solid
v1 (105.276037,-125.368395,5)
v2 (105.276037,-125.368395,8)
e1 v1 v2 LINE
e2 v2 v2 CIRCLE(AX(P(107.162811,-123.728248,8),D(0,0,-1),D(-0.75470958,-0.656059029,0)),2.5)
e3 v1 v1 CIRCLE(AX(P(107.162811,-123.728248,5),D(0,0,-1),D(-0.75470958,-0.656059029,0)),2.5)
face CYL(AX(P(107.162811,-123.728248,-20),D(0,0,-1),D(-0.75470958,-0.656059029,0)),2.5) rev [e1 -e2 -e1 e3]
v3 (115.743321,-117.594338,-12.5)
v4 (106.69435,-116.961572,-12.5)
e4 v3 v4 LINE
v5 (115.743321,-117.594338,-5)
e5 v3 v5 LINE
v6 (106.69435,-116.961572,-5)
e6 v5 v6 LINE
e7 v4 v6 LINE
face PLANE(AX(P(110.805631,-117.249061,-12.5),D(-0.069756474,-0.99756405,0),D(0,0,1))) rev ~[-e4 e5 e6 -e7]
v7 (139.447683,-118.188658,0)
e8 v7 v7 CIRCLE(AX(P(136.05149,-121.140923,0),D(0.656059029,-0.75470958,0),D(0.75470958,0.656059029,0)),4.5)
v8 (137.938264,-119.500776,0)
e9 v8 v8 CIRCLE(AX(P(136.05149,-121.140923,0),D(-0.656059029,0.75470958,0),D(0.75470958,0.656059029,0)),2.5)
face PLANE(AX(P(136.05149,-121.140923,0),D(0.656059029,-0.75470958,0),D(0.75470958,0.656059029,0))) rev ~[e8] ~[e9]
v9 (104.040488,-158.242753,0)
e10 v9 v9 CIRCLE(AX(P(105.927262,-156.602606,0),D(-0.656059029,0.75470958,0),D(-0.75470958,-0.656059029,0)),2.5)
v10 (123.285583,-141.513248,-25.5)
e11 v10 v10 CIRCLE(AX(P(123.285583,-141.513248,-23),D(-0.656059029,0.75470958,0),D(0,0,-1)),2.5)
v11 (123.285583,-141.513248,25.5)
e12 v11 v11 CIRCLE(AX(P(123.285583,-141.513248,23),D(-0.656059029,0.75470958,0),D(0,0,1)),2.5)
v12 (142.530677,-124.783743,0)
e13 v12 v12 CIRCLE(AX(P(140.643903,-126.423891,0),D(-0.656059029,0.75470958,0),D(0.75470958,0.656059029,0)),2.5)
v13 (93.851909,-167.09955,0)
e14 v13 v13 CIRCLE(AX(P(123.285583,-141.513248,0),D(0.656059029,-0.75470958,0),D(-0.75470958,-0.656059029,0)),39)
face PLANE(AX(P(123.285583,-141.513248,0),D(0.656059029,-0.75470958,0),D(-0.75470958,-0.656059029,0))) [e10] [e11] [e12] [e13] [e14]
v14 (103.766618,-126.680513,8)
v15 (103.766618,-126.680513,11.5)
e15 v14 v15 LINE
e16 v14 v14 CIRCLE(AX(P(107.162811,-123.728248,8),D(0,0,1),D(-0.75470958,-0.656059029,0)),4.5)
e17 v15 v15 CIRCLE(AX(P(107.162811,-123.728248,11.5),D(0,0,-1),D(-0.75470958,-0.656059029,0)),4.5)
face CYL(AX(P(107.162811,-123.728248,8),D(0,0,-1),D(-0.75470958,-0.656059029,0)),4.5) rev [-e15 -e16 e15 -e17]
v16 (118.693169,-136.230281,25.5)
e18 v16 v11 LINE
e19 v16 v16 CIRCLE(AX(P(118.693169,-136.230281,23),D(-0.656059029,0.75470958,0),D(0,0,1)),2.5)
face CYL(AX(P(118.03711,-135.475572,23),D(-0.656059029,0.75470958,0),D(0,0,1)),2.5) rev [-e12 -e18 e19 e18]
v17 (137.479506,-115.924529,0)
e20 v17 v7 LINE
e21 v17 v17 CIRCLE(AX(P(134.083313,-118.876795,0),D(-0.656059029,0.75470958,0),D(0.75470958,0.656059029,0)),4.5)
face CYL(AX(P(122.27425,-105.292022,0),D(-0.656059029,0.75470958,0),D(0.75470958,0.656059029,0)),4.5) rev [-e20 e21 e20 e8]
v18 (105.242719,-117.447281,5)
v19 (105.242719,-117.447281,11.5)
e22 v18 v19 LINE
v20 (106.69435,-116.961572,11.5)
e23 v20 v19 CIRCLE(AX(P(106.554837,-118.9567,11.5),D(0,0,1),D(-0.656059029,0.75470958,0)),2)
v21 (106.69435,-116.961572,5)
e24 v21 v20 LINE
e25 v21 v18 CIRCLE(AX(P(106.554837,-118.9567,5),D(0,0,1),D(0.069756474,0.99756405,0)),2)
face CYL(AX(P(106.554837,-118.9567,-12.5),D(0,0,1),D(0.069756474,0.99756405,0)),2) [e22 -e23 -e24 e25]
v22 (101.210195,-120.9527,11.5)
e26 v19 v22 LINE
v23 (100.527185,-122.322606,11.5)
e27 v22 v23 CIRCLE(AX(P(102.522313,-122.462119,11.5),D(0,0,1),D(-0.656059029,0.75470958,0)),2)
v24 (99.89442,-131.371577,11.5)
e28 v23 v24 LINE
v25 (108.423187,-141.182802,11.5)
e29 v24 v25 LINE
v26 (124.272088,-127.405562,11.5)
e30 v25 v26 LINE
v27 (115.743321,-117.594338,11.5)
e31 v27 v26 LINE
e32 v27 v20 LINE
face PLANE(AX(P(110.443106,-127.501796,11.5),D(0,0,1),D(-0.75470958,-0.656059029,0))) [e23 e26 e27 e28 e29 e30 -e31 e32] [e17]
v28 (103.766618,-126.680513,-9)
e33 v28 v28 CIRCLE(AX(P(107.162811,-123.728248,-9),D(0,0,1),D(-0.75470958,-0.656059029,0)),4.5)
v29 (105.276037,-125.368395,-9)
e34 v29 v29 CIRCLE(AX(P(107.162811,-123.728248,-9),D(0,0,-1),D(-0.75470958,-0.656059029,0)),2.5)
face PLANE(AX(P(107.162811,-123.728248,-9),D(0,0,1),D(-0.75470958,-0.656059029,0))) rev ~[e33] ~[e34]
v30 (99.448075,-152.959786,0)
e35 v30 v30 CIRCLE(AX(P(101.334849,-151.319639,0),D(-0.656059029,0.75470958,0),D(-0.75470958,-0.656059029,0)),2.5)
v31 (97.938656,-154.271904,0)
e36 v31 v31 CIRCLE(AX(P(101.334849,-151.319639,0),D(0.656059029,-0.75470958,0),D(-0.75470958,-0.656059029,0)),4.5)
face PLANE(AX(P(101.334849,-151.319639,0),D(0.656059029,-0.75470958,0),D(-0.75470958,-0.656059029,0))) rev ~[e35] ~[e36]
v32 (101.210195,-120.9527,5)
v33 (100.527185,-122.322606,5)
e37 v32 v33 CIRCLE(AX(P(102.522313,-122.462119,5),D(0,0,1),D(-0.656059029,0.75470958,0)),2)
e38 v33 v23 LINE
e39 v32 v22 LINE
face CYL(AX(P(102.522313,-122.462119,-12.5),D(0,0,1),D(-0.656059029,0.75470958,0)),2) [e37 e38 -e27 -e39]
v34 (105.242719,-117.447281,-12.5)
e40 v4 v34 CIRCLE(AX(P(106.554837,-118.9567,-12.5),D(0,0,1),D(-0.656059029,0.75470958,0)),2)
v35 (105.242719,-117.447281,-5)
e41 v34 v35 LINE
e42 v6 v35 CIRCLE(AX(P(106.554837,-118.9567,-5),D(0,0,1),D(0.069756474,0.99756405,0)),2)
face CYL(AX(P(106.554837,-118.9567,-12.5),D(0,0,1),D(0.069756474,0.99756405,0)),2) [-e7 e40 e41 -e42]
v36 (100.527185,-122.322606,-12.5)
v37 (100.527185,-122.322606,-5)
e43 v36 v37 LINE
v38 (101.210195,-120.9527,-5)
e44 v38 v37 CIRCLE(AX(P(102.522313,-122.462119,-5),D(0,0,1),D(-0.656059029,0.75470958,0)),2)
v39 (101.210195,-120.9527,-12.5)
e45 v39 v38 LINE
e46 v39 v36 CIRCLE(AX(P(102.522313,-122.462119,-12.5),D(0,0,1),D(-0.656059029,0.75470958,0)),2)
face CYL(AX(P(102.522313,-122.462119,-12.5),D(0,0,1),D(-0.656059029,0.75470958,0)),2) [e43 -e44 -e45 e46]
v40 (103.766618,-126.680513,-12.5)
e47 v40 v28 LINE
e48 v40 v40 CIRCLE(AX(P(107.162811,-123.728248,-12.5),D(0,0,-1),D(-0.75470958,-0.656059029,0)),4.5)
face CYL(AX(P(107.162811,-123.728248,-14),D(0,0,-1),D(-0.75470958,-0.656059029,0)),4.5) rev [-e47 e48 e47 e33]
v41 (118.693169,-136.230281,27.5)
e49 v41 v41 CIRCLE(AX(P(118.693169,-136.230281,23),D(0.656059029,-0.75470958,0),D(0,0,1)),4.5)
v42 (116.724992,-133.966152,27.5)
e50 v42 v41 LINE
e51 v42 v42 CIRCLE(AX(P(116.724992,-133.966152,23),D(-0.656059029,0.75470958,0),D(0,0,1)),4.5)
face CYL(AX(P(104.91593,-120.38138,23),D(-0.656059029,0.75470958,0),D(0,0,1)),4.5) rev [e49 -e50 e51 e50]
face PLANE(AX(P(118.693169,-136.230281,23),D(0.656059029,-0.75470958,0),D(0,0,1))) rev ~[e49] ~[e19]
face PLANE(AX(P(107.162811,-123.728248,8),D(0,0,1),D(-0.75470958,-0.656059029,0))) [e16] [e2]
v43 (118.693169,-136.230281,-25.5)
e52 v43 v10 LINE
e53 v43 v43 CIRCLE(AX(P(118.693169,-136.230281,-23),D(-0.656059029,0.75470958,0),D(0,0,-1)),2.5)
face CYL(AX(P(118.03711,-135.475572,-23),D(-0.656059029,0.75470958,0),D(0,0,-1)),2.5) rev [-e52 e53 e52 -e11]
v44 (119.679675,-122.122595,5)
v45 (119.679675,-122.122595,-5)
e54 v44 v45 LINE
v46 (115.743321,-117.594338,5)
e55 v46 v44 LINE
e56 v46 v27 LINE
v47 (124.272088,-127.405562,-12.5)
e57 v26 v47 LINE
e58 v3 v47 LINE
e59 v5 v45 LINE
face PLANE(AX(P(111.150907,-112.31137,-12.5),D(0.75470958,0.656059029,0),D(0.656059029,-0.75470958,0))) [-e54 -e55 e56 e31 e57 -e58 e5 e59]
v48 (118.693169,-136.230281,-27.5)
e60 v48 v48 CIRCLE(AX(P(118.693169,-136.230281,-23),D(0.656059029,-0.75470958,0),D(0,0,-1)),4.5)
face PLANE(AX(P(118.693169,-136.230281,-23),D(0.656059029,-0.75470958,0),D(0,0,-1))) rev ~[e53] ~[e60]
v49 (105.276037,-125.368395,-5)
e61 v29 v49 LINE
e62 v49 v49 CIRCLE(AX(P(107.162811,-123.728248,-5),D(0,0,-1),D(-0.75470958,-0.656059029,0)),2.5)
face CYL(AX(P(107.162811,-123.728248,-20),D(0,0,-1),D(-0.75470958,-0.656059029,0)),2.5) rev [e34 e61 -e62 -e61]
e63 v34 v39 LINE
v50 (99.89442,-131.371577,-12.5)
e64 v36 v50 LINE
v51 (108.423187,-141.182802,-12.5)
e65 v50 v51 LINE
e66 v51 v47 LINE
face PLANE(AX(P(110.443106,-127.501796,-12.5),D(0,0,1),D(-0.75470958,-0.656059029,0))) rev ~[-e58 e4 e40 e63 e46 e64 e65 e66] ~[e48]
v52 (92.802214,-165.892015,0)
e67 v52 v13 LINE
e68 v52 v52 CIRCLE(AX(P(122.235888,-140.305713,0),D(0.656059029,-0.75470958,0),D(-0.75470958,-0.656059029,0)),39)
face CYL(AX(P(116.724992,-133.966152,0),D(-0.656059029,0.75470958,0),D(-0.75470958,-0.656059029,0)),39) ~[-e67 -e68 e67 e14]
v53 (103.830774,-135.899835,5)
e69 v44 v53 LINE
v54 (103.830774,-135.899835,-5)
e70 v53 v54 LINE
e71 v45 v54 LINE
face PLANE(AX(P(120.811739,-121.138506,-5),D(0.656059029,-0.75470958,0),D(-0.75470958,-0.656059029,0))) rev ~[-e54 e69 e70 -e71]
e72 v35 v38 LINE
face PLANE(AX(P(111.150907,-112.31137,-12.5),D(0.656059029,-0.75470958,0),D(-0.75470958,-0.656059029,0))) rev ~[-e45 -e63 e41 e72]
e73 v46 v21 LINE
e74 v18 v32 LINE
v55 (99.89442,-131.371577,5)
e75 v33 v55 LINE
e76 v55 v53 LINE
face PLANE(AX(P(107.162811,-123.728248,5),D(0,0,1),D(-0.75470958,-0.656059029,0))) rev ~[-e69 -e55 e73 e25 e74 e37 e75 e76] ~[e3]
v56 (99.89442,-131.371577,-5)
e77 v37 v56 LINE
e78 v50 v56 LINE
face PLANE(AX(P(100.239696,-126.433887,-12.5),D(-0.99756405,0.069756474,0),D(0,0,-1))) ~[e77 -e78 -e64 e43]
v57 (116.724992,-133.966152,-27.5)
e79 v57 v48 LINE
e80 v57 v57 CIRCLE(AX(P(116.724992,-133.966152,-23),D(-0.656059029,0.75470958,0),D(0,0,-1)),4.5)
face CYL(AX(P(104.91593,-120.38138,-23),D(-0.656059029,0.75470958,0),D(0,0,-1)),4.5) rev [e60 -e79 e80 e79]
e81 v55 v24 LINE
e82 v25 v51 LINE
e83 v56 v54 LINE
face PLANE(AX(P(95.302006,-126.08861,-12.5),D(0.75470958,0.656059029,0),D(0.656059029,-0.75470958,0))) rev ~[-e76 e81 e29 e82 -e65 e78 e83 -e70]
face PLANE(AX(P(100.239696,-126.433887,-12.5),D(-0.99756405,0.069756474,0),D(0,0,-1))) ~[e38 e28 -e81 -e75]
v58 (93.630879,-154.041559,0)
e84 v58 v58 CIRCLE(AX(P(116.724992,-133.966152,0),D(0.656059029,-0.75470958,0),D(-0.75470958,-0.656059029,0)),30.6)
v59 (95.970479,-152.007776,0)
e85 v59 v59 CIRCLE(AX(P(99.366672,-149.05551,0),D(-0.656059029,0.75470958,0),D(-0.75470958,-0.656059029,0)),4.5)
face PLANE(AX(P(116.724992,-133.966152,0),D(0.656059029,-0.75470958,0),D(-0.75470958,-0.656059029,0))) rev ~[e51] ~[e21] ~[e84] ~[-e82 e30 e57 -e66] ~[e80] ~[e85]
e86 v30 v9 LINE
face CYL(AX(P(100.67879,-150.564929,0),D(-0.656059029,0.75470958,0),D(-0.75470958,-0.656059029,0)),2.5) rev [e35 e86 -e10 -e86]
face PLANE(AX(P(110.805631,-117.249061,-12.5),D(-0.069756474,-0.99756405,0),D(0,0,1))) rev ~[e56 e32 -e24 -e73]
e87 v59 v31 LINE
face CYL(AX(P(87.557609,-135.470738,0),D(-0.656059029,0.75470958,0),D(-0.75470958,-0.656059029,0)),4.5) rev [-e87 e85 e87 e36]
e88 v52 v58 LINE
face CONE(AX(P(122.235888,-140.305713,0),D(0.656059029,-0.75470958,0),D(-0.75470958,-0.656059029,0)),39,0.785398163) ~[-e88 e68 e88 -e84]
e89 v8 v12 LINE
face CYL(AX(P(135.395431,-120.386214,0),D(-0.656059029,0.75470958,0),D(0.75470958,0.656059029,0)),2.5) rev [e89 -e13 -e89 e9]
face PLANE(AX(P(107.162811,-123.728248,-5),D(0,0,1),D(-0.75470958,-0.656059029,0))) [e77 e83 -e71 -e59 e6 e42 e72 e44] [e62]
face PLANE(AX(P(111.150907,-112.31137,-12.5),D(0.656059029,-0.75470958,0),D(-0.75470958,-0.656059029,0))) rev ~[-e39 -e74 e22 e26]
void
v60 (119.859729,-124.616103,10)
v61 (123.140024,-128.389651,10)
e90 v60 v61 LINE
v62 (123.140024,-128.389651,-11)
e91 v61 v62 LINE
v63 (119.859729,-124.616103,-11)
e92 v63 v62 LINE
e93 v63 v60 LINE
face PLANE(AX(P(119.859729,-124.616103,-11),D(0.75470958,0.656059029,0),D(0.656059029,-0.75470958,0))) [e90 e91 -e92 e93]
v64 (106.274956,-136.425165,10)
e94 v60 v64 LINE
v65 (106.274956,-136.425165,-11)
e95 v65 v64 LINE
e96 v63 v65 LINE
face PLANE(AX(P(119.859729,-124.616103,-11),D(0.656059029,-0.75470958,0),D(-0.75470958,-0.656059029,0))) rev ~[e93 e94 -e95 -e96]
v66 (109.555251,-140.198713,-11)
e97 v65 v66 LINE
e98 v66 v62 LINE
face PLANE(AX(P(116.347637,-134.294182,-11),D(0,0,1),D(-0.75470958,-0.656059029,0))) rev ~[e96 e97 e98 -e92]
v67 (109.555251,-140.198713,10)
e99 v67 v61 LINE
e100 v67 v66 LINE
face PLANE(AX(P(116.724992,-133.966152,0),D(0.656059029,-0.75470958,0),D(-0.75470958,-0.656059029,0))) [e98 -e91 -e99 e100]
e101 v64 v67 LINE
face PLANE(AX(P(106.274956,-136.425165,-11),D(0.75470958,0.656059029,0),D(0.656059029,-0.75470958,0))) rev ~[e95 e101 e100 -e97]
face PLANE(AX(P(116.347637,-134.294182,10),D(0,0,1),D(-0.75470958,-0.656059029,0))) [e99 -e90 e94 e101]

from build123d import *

# Parameters (mm, degrees)
CYLINDER039_R             = 4.5
CYLINDER039_DEPTH         = 21
ARRAY005_COUNT            = 4
CYLINDER038_R             = 2.5
CYLINDER038_DEPTH         = 21
ARRAY004_COUNT            = 4
FUSION016_PLACEMENT_ANGLE = 90
CYLINDER037_R             = 39
CYLINDER037_DEPTH         = 10
CHAMFER004_SIZE           = 8.4
CYLINDER029_R             = 2.5
CYLINDER029_DEPTH         = 32
CYLINDER028_R             = 4.5
CYLINDER028_DEPTH         = 5
CYLINDER030_R             = 4.5
CYLINDER030_DEPTH         = 5
BOX010_W                  = 24
BOX010_H                  = 14
BOX010_DEPTH              = 10
BOX009_W                  = 18
BOX009_H                  = 10
BOX009_DEPTH              = 21
BOX008_W                  = 21
BOX008_H                  = 22
BOX008_DEPTH              = 24
CHAMFER001_SIZE           = 7
FILLET001_R               = 2
FUSION017_PLACEMENT_ANGLE = 221


with BuildPart() as array005:
    # Cylinder039 → Cylinder039 (new body)
    with BuildSketch(Plane(origin=(23, 0, 0), x_dir=(1, 0, 0), z_dir=(0, 0, 1))):
        Circle(CYLINDER039_R)
    extrude(amount=CYLINDER039_DEPTH)

    # Array005: Array005 ×4 about axis
    array005_axis = Axis((0, 0, 0), (0, 0, 1))


with BuildPart() as array005_1:
    add(array005.part)
    for i in range(1, ARRAY005_COUNT):
        add(array005.part.rotate(array005_axis, i * 360 / ARRAY005_COUNT))


with BuildPart() as array005_2:
    # Array005 placement: moved
    add(array005_1.part.moved(Location((0, 0, -20))))


with BuildPart() as fusion016:
    # Cylinder038 → Cylinder038 (new body)
    with BuildSketch(Plane(origin=(23, 0, 0), x_dir=(1, 0, 0), z_dir=(0, 0, 1))):
        Circle(CYLINDER038_R)
    extrude(amount=CYLINDER038_DEPTH)

    # Array004: Fusion016 ×4 about axis
    array004_axis = Axis((0, 0, 0), (0, 0, 1))


with BuildPart() as fusion016_1:
    add(fusion016.part)
    for i in range(1, ARRAY004_COUNT):
        add(fusion016.part.rotate(array004_axis, i * 360 / ARRAY004_COUNT))

    # Fusion016: union Array005
    add(array005_2.part)


with BuildPart() as fusion016_2:
    # Fusion016 placement: moved
    add(fusion016_1.part.moved(Location((14.5, -61, 0))).rotate(Axis((14.5, -61, 0), (-1, 0, 0)), FUSION016_PLACEMENT_ANGLE))


with BuildPart() as cut034:
    # Cylinder037 → Cylinder037 (new body)
    with BuildSketch(Plane(origin=(14.5, -70, 0), x_dir=(1, 0, 0), z_dir=(0, 1, 0))):
        Circle(CYLINDER037_R)
    extrude(amount=CYLINDER037_DEPTH)

    # Chamfer004
    chamfer004_edges = [cut034.edges().sort_by_distance(p)[0] for p in [
        (-24.5, -70, 0),
    ]]
    chamfer(chamfer004_edges, length=CHAMFER004_SIZE)


with BuildPart() as cut034_1:
    # Chamfer004 placement: moved
    add(cut034.part.moved(Location((0, 7, 0))))

    # Cut034: cut Fusion016
    add(fusion016_2.part, mode=Mode.SUBTRACT)


with BuildPart() as cylinder029:
    # Cylinder029 → Cylinder029 (new body)
    with BuildSketch(Plane(origin=(55, -39, -20), x_dir=(1, 0, 0), z_dir=(0, 0, 1))):
        Circle(CYLINDER029_R)
    extrude(amount=CYLINDER029_DEPTH)


with BuildPart() as cylinder028:
    # Cylinder028 → Cylinder028 (new body)
    with BuildSketch(Plane(origin=(55, -39, 8), x_dir=(1, 0, 0), z_dir=(0, 0, 1))):
        Circle(CYLINDER028_R)
    extrude(amount=CYLINDER028_DEPTH)


with BuildPart() as cylinder030:
    # Cylinder030 → Cylinder030 (new body)
    with BuildSketch(Plane(origin=(55, -39, -14), x_dir=(1, 0, 0), z_dir=(0, 0, 1))):
        Circle(CYLINDER030_R)
    extrude(amount=CYLINDER030_DEPTH)


with BuildPart() as box010:
    # Box010 → Box010 (new body)
    with BuildSketch(Plane(origin=(43, -46, -5), x_dir=(1, 0, 0), z_dir=(0, 0, 1))):
        with Locations((12, 7)):
            Rectangle(BOX010_W, BOX010_H)
    extrude(amount=BOX010_DEPTH)


with BuildPart() as box009:
    # Box009 → Box009 (new body)
    with BuildSketch(Plane(origin=(46, -30, -11), x_dir=(1, 0, 0), z_dir=(0, 0, 1))):
        with Locations((9, 5)):
            Rectangle(BOX009_W, BOX009_H)
    extrude(amount=BOX009_DEPTH)


with BuildPart() as fusion017:
    # Box008 → Box008 (new body)
    with BuildSketch(Plane(origin=(44.5, -45, -12.5), x_dir=(1, 0, 0), z_dir=(0, 0, 1))):
        with Locations((10.5, 11)):
            Rectangle(BOX008_W, BOX008_H)
    extrude(amount=BOX008_DEPTH)

    # Cut025: cut Box009
    add(box009.part, mode=Mode.SUBTRACT)

    # Chamfer001
    chamfer001_edges = [fusion017.edges().sort_by_distance(p)[0] for p in [
        (44.5, -45, -0.5),
        (65.5, -45, -0.5),
    ]]
    chamfer(chamfer001_edges, length=CHAMFER001_SIZE)

    # Fillet001
    fillet001_edges = [fusion017.edges().sort_by_distance(p)[0] for p in [
        (51.5, -45, -0.5),
        (58.5, -45, -0.5),
    ]]
    fillet(fillet001_edges, radius=FILLET001_R)

    # Cut024: cut Box010
    add(box010.part, mode=Mode.SUBTRACT)

    # Cut027: cut Cylinder030
    add(cylinder030.part, mode=Mode.SUBTRACT)

    # Cut026: cut Cylinder028
    add(cylinder028.part, mode=Mode.SUBTRACT)

    # Cut023: cut Cylinder029
    add(cylinder029.part, mode=Mode.SUBTRACT)


with BuildPart() as fusion017_1:
    # Cut023 placement: moved
    add(fusion017.part.moved(Location((-40, -38, 0))))

    # Fusion017: union Cut034
    add(cut034_1.part)


with BuildPart() as fusion017_2:
    # Fusion017 placement: moved
    add(fusion017_1.part.moved(Location((169, -172, 0))).rotate(Axis((169, -172, 0), (0, 0, 1)), FUSION017_PLACEMENT_ANGLE))


solid = fusion017_2.part
